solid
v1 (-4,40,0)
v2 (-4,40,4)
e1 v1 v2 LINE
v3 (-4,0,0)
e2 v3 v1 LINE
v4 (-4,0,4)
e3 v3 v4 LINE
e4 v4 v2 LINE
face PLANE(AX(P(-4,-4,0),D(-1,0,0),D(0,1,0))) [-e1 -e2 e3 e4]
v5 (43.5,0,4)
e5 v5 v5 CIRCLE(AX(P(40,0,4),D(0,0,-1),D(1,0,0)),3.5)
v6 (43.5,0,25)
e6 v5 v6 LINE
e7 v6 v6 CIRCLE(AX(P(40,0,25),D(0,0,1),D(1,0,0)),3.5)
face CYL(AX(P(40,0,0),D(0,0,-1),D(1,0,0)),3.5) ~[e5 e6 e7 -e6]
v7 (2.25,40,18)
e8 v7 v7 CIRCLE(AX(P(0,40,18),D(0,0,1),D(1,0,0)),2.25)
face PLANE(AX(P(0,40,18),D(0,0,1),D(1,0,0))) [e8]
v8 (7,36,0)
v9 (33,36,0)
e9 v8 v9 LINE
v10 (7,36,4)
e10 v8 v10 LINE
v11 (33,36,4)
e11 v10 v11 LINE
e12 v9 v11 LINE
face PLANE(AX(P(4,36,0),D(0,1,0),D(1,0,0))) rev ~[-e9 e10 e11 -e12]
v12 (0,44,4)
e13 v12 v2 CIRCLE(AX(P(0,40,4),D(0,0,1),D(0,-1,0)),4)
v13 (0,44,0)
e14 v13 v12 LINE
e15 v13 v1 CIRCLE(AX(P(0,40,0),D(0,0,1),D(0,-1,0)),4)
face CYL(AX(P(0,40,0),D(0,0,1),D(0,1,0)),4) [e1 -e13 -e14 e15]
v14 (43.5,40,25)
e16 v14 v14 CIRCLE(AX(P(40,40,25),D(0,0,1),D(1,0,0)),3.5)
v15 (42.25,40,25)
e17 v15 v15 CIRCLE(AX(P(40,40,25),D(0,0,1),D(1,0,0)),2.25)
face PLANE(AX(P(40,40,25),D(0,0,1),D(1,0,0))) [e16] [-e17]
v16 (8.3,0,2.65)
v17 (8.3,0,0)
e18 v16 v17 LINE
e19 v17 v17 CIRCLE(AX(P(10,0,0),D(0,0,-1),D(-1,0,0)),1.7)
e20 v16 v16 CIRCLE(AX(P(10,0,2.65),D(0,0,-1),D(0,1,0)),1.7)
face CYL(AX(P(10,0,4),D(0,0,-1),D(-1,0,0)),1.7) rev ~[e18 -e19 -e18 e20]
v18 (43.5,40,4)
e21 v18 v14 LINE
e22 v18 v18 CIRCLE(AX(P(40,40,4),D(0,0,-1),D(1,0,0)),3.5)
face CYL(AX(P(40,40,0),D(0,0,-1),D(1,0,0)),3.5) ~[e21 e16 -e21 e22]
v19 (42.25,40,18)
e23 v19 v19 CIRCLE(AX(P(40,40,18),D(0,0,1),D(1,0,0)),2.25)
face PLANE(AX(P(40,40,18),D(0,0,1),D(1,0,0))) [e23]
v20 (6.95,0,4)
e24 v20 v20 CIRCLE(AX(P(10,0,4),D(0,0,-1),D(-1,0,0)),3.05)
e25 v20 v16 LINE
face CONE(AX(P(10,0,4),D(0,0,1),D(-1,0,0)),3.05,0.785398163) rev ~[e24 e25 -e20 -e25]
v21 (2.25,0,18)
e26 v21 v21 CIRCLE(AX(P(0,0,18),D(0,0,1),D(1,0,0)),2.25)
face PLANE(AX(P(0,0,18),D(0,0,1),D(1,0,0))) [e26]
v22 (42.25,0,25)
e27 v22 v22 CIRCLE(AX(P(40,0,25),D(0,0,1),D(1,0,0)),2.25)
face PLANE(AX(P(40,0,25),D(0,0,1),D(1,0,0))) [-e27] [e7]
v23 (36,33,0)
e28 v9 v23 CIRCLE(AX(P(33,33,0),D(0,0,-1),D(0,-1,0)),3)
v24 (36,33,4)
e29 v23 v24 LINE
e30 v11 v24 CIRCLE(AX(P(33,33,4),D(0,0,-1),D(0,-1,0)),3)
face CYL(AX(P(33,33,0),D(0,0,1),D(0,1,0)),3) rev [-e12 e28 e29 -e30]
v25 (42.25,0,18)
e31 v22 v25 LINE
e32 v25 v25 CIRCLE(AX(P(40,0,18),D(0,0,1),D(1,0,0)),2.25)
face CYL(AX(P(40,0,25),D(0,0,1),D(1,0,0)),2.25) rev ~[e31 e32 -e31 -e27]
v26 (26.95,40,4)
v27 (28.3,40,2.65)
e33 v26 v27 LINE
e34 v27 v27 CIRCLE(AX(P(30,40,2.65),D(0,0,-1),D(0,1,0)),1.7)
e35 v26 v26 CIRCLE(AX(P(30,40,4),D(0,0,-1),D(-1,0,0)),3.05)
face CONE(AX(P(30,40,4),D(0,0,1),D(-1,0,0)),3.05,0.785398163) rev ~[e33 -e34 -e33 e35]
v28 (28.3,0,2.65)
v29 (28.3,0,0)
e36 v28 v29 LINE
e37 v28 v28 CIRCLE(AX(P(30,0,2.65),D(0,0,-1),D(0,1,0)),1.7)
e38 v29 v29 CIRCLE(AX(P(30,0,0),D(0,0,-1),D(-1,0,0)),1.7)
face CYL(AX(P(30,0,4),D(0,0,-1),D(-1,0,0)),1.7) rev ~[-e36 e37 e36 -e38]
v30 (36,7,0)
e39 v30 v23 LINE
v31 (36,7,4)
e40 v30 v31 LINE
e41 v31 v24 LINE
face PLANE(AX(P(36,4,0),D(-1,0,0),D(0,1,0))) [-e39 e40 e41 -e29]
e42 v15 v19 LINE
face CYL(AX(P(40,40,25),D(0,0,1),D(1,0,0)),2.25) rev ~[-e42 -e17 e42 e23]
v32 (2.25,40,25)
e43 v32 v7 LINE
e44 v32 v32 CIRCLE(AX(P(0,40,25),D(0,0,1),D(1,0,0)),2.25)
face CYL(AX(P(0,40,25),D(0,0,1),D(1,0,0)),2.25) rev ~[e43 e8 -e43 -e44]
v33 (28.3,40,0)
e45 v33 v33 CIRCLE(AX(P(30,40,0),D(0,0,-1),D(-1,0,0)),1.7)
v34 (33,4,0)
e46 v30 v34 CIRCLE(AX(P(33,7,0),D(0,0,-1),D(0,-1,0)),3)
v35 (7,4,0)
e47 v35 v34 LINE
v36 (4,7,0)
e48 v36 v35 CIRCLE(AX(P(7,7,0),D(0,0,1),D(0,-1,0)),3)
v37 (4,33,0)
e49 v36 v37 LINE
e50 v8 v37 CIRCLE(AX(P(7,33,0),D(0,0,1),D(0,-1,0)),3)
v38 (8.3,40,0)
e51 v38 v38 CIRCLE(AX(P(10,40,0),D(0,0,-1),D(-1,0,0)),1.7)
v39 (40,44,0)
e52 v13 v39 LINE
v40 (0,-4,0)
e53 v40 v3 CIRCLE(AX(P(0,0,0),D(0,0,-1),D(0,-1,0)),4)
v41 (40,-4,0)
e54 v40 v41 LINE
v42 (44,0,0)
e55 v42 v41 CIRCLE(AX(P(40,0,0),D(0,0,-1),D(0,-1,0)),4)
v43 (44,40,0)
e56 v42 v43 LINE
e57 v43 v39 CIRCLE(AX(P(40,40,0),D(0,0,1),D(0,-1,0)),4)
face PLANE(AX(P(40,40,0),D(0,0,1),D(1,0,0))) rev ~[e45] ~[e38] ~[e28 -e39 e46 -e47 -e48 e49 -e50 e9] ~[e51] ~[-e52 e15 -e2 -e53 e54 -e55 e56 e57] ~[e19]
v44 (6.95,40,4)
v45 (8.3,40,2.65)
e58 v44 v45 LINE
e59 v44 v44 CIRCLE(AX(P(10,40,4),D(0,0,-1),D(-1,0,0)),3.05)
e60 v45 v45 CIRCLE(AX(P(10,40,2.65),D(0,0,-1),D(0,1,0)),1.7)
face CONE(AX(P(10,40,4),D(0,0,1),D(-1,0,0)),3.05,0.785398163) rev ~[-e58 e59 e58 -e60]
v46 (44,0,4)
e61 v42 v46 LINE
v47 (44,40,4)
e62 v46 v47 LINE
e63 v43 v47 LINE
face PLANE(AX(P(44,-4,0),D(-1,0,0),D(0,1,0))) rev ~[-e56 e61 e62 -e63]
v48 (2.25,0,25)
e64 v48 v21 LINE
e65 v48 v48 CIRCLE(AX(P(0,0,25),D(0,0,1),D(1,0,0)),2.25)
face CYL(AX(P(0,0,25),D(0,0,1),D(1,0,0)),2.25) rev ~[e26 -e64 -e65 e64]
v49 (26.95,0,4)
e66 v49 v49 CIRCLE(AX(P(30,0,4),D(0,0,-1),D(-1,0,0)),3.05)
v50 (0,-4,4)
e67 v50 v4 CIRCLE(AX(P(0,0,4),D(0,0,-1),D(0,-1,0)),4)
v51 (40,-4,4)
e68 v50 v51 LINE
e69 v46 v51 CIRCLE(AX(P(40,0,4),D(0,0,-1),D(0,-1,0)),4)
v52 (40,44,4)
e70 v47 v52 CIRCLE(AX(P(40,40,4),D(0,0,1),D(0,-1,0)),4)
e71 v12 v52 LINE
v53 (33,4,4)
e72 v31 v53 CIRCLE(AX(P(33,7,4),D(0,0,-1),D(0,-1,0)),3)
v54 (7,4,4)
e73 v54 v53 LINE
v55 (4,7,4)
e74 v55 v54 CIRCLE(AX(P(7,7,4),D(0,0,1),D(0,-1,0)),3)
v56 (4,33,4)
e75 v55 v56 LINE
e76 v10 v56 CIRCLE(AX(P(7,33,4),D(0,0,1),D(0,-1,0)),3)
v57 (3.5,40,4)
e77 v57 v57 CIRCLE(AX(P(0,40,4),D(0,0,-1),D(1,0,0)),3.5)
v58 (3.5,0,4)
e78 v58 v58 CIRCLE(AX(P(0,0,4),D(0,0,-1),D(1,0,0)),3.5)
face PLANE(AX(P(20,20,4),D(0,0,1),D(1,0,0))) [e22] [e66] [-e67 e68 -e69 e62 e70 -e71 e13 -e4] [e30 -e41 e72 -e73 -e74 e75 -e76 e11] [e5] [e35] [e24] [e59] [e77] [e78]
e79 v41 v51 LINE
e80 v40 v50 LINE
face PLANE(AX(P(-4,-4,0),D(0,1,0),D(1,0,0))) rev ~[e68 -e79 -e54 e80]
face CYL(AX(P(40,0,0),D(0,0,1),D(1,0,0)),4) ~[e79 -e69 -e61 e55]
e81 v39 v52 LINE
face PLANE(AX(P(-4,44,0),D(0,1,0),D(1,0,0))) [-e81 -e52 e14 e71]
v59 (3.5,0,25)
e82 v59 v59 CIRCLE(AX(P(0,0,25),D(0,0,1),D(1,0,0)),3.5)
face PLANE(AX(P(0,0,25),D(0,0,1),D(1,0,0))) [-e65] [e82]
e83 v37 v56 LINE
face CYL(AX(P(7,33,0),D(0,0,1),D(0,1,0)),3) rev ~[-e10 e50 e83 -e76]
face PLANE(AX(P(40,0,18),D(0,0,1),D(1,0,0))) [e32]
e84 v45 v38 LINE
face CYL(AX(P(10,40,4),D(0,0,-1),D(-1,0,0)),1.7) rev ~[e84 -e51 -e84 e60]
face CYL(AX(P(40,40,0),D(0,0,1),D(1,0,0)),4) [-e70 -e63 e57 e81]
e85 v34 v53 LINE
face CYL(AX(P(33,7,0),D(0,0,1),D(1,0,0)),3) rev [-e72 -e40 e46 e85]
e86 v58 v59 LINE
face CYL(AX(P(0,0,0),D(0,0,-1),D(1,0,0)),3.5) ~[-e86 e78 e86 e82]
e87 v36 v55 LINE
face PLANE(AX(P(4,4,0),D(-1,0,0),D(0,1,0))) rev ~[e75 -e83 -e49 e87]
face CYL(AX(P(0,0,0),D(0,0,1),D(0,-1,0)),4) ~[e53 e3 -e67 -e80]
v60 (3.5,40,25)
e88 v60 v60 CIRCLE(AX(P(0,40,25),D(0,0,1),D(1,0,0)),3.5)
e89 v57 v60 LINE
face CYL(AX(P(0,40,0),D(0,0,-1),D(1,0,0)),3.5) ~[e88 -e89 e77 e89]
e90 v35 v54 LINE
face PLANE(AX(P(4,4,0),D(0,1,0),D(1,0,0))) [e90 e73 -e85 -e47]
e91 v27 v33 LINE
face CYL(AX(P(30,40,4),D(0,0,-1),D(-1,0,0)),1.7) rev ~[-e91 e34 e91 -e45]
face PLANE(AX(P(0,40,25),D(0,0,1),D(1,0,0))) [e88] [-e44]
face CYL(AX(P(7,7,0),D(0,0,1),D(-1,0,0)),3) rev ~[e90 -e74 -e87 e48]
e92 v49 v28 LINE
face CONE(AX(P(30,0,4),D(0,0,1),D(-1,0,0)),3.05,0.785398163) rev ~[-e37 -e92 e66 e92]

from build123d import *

# Parameters (mm, degrees)
SKETCH005_R                        = 3.5
PAD003_DEPTH                       = 25
SKETCH007_W                        = 48
SKETCH007_H                        = 48
SKETCH007_W_2                      = 32
SKETCH007_H_2                      = 32
PAD004_DEPTH                       = 4
SKETCH006_R                        = 2.25
POCKET001_DEPTH                    = 7
SKETCH005_LINEARPATTERN002_2_R     = 3.5
PAD003_LINEARPATTERN002_2_DEPTH    = 25
SKETCH006_LINEARPATTERN002_2_R     = 2.25
POCKET001_LINEARPATTERN002_2_DEPTH = 7
LINEARPATTERN003_COUNT             = 2
LINEARPATTERN003_PITCH             = 40
HOLE001_D                          = 3.4
HOLE001_DEPTH                      = 25
HOLE001_CSINK_D                    = 6.1
HOLE001_CSINK_ANGLE                = 90
FILLET002_R                        = 4
FILLET003_R                        = 3


with BuildPart() as part:
    # Sketch005 → Pad003 (new body)
    with BuildSketch(Plane.XY):
        Circle(SKETCH005_R)
    pad003 = extrude(amount=PAD003_DEPTH)

    # Sketch007 → Pad004 (join)
    with BuildSketch(Plane.XY):
        with Locations((20, 20)):
            Rectangle(SKETCH007_W, SKETCH007_H)
        with Locations((20, 20)):
            Rectangle(SKETCH007_W_2, SKETCH007_H_2, mode=Mode.SUBTRACT)
    extrude(amount=PAD004_DEPTH)

    # Sketch006 → Pocket001 (cut)
    with BuildSketch(Plane.XY.offset(25)):
        Circle(SKETCH006_R)
    pocket001 = extrude(amount=-POCKET001_DEPTH, mode=Mode.SUBTRACT)

    # Sketch005 LinearPattern002 2 → Pad003 LinearPattern002 2 (add)
    with BuildSketch(Plane(origin=(40, 0, 0), x_dir=(1, 0, 0), z_dir=(0, 0, 1))):
        Circle(SKETCH005_LINEARPATTERN002_2_R)
    pad003_linearpattern002_2 = extrude(amount=PAD003_LINEARPATTERN002_2_DEPTH)

    # Sketch006 LinearPattern002 2 → Pocket001 LinearPattern002 2 (cut)
    with BuildSketch(Plane(origin=(40, 0, 25), x_dir=(1, 0, 0), z_dir=(0, 0, 1))):
        Circle(SKETCH006_LINEARPATTERN002_2_R)
    pocket001_linearpattern002_2 = extrude(amount=-POCKET001_LINEARPATTERN002_2_DEPTH, mode=Mode.SUBTRACT)

    # LinearPattern003: Pad003, Pocket001, Pad003 LinearPattern002 2, Pocket001 LinearPattern002 2 ×2
    with Locations(*[(0, i * LINEARPATTERN003_PITCH, 0) for i in range(1, LINEARPATTERN003_COUNT)]):
        add(pad003)
        add(pocket001, mode=Mode.SUBTRACT)
        add(pad003_linearpattern002_2)
        add(pocket001_linearpattern002_2, mode=Mode.SUBTRACT)

    # Hole001
    with Locations(Plane.XY.offset(4)):
        with Locations((10, 40), (30, 40), (30, 0), (10, 0)):
            CounterSinkHole(HOLE001_D / 2, HOLE001_CSINK_D / 2, depth=HOLE001_DEPTH, counter_sink_angle=HOLE001_CSINK_ANGLE)

    # Fillet002
    fillet002_edges = [part.edges().sort_by_distance(p)[0] for p in [
        (-4, -4, 2),
        (44, -4, 2),
        (-4, 44, 2),
        (44, 44, 2),
    ]]
    fillet(fillet002_edges, radius=FILLET002_R)

    # Fillet003
    fillet003_edges = [part.edges().sort_by_distance(p)[0] for p in [
        (4, 36, 2),
        (36, 36, 2),
        (36, 4, 2),
        (4, 4, 2),
    ]]
    fillet(fillet003_edges, radius=FILLET003_R)


solid = part.part
